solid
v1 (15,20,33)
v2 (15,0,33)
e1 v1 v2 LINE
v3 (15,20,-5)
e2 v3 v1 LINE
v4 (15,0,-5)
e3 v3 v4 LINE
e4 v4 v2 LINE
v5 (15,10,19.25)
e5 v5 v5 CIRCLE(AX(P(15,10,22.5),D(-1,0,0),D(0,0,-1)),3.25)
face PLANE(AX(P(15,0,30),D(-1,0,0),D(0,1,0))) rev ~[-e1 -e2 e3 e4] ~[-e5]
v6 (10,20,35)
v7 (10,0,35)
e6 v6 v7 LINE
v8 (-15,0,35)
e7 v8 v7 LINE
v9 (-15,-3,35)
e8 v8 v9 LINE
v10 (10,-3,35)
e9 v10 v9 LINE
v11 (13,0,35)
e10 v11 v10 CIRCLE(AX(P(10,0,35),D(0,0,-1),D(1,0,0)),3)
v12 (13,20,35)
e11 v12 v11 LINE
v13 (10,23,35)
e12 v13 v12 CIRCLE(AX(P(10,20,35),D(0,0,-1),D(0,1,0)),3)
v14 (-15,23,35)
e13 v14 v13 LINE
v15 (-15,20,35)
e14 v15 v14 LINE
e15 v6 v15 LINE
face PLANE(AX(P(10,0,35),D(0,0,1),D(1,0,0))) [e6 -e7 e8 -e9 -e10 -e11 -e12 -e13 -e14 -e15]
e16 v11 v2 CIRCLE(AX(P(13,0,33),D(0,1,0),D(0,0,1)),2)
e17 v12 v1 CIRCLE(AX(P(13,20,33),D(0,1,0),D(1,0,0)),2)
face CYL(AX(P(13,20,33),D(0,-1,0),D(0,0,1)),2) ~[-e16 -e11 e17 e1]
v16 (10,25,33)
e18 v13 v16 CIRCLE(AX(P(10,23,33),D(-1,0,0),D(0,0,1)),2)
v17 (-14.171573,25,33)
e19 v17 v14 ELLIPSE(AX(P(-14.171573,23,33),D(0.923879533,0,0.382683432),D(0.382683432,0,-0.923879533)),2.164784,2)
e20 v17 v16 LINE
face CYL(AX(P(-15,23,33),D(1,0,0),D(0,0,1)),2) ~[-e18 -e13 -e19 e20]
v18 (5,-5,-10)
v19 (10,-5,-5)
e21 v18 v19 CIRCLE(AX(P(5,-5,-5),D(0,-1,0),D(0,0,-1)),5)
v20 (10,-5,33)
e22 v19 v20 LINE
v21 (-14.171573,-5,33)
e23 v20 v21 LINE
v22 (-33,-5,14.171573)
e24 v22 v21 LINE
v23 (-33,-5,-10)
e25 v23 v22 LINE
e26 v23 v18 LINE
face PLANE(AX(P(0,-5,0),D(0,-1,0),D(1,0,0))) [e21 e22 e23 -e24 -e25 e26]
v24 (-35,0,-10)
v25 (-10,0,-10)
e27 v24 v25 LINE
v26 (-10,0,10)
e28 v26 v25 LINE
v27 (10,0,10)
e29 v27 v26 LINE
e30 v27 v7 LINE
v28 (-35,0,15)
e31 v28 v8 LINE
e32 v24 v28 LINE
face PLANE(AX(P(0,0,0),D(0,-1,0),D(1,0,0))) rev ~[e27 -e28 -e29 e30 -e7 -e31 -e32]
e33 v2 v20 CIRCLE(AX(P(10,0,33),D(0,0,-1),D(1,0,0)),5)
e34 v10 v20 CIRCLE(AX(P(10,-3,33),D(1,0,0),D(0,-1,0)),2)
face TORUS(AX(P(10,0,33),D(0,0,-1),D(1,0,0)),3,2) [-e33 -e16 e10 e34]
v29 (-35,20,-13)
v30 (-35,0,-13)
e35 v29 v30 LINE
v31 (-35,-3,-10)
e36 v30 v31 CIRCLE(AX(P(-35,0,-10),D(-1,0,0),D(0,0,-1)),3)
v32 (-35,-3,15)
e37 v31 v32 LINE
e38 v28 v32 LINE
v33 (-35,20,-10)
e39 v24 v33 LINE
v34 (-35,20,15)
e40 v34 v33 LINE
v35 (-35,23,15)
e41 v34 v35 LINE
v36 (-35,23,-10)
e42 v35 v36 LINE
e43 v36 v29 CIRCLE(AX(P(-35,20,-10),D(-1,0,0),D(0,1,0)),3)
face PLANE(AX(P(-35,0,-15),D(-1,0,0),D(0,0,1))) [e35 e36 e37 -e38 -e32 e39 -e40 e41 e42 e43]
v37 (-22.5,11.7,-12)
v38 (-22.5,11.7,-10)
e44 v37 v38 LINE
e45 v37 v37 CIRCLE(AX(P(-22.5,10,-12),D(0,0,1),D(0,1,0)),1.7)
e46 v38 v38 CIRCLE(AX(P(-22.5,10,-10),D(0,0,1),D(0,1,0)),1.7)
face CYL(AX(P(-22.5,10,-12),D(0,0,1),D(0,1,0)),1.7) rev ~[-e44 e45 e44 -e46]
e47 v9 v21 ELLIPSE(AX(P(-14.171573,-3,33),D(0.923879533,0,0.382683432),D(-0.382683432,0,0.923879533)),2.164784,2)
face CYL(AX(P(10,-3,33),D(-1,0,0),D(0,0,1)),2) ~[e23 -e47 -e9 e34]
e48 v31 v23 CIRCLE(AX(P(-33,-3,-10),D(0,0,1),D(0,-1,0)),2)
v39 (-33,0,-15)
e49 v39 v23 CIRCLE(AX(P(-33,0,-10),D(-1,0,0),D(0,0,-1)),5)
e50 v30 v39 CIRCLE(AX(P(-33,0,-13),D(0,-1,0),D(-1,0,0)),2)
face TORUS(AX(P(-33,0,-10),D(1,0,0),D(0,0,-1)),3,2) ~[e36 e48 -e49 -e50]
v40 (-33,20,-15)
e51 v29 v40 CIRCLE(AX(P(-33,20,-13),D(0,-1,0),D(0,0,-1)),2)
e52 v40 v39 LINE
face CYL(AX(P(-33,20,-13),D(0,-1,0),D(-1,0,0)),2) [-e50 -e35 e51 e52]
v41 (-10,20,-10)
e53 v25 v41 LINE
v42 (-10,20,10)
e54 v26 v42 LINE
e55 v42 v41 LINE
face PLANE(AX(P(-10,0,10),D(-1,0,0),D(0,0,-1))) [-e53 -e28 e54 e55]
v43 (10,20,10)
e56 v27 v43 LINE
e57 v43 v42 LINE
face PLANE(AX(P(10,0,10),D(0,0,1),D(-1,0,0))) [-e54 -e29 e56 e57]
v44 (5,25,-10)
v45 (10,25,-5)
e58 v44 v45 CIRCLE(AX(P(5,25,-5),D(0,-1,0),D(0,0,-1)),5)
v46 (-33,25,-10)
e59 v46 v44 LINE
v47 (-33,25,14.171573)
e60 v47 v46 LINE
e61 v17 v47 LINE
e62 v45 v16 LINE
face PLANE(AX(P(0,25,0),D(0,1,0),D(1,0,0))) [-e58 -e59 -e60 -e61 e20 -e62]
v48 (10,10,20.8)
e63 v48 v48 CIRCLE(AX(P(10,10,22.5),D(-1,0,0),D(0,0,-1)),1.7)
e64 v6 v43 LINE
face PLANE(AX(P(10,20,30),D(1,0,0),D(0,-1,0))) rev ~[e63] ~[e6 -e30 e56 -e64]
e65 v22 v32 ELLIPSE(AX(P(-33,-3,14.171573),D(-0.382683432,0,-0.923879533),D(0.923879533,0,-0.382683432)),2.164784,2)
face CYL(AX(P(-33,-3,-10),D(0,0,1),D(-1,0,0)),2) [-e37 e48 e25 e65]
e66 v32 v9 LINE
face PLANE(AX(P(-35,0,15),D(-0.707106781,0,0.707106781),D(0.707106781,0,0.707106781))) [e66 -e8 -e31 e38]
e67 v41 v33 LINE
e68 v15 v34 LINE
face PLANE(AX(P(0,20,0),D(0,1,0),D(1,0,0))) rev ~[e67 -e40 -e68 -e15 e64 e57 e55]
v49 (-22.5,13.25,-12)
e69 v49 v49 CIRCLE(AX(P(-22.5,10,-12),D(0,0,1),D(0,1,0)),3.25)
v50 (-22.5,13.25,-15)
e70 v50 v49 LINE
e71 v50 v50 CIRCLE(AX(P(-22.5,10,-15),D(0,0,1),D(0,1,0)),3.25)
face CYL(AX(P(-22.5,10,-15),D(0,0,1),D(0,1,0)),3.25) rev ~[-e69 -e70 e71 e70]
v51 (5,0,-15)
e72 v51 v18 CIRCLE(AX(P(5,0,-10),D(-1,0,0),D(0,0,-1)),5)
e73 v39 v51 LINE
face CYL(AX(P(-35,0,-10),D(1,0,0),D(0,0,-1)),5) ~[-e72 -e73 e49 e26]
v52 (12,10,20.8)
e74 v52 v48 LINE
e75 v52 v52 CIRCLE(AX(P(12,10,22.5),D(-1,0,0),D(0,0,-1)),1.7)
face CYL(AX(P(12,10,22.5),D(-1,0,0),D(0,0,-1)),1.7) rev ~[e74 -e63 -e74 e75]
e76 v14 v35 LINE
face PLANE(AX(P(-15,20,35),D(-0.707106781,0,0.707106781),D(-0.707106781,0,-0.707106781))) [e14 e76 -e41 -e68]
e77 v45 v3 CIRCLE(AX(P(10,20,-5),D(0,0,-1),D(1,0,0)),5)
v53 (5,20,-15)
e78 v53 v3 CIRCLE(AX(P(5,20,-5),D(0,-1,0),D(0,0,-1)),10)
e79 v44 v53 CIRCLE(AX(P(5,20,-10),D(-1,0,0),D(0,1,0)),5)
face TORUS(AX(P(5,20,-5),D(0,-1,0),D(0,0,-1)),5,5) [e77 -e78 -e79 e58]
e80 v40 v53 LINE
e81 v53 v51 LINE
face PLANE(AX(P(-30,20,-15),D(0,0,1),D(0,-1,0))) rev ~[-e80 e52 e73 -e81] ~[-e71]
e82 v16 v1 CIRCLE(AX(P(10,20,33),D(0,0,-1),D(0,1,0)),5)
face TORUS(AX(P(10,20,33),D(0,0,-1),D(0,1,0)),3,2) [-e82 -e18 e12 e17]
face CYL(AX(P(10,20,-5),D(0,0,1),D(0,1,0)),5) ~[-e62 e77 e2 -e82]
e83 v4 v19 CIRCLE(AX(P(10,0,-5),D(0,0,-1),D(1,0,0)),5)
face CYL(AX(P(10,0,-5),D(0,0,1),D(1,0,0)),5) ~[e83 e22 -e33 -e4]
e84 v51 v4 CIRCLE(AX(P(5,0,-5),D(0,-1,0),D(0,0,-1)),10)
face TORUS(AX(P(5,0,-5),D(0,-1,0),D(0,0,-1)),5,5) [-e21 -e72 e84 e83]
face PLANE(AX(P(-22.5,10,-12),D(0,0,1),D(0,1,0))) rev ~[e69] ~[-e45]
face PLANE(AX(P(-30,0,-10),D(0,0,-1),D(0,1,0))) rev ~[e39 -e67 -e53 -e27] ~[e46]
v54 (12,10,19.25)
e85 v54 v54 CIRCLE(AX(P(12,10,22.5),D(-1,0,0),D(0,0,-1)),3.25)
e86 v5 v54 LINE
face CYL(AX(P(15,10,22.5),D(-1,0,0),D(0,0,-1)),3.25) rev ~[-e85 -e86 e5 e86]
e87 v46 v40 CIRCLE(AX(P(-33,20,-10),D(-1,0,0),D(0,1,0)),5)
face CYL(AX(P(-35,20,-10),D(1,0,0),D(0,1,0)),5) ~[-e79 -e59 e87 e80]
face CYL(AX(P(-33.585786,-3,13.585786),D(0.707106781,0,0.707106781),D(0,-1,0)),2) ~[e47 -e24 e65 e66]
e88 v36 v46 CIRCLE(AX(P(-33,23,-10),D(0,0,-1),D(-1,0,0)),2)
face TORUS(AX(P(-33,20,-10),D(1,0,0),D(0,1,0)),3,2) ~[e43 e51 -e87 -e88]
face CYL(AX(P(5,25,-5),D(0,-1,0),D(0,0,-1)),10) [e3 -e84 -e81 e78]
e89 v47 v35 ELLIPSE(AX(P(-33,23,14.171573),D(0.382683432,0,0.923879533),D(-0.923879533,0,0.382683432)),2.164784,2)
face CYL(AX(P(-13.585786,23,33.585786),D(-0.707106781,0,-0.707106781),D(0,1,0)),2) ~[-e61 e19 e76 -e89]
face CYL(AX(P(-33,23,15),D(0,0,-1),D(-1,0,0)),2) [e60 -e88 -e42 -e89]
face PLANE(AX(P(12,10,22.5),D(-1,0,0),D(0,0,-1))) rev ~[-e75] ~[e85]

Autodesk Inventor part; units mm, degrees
ref_plane "YZ Plane" through (0, 0, 0) normal (1, 0, 0) x (0, 1, 0)
ref_plane "XZ Plane" through (0, 0, 0) normal (0, 1, 0) x (-1, 0, 0)
ref_plane "XY Plane" through (0, 0, 0) normal (0, 0, 1) x (1, 0, 0)
sketch "Sketch1" plane through (0, 0, 0) normal (0, 1, 0) x (-1, 0, 0)
  line L0 (-10, 10) -> (10, 10)
  line L1 (10, 10) -> (10, -10)
  line L2 (10, -10) -> (-10, -10)
  line L3 (-10, -10) -> (-10, 10)
  point P0 (0, 0)
  dimension "d0" = 20
  dimension "d1" = 20
  dimension "d2" = 10
  dimension "d3" = 10
extrude "Extrusion1" add sketch "Sketch1" along normal blind 20
sketch "Sketch2" plane through (0, 0, 0) normal (0, -1, 0) x (1, 0, 0)
  line L0 (15, -15) -> (-35, -15)
  line L1 (-35, -15) -> (-35, 15)
  line L2 (-35, 15) -> (-15, 35)
  line L3 (-15, 35) -> (15, 35)
  line L4 (15, 35) -> (15, -15)
  line L5 (10, -10) -> (-10, -10) projected
  line L6 (10, 10) -> (10, -10) projected
  point P0 (0, 0)
  dimension "d6" = 5
  dimension "d7" = 5
  dimension "d8" = 135
  dimension "d9" = 30
  dimension "d10" = 30
  dimension "d11" = 50
extrude "Extrusion2" add sketch "Sketch2" along normal blind 5
sketch "Sketch4" plane through (0, 0, 0) normal (0, 1, 0) x (1, 0, 0)
  point P0 (0, 0)
sketch "Sketch5" plane through (0, 0, 0) normal (0, 1, 0) x (1, 0, 0)
  point P0 (0, 0)
sketch "Sketch6" plane through (0, 0, 0) normal (0, 1, 0) x (1, 0, 0)
  line L0 (10, -30) -> (10, 10)
  line L1 (10, 10) -> (-30, 10)
  line L2 (-30, 10) -> (-30, 15)
  line L3 (-30, 15) -> (15, 15)
  line L4 (15, 15) -> (15, -30)
  line L5 (15, -30) -> (10, -30)
  line L6 (15, -35) -> (-15, -35) projected
  line L7 (-35, -15) -> (-35, 15) projected
  point P0 (0, 0)
  dimension "d18" = 5
  dimension "d21" = 5
extrude "Extrusion4" add sketch "Sketch6" along normal blind 20
sketch "Sketch7" plane through (0, 20, 0) normal (0, 1, 0) x (1, 0, 0)
  line L0 (-10, 10) -> (-30, 10) projected
  line L1 (-30, 10) -> (-30, 15) projected
  line L2 (-35, 15) -> (-30, 15) projected
  line L3 (-35, -15) -> (-35, 15) projected
  line L4 (-15, -35) -> (-35, -15) projected
  line L5 (15, -35) -> (-15, -35) projected
  line L6 (15, -30) -> (15, -35) projected
  line L7 (15, -30) -> (10, -30) projected
  line L8 (10, -30) -> (10, -10) projected
  line L9 (-10, -10) -> (10, -10) projected
  line L10 (-10, 10) -> (-10, -10) projected
  line L11 (-10, 10) -> (-10, -10) projected
  line L12 (-10, -10) -> (10, -10) projected
  line L13 (10, -10) -> (10, -30) projected
  line L14 (10, -30) -> (15, -30) projected
  line L15 (15, -30) -> (15, 15) projected
  line L16 (15, 15) -> (-30, 15) projected
  line L17 (-30, 15) -> (-30, 10) projected
  line L18 (-30, 10) -> (-10, 10) projected
  line L19 (15, -35) -> (-15, -35)
  line L20 (-15, -35) -> (-35, -15)
  line L21 (-35, -15) -> (-35, 15)
  line L22 (-35, 15) -> (15, 15)
  line L23 (15, 15) -> (15, -35)
  point P0 (0, 0)
extrude "Extrusion5" add sketch "Sketch7" along normal blind 5
sketch "Sketch8" plane through (10, 0, 30) normal (0, 0, 1) x (1, 0, 0)
  line L0 (5, 20) -> (0, 20)
  line L1 (0, 20) -> (0, 0)
  line L2 (0, 0) -> (5, 0)
  line L3 (5, 0) -> (5, 20)
  point P0 (-10, 0)
extrude "Extrusion6" add sketch "Sketch8" along normal blind 5
sketch "Sketch9" plane through (-30, 0, -15) normal (-1, 0, 0) x (0, 0, 1)
  line L0 (5, 20) -> (0, 20)
  line L1 (0, 20) -> (0, 0)
  line L2 (0, 0) -> (5, 0)
  line L3 (5, 0) -> (5, 20)
  point P0 (15, 0)
extrude "Extrusion7" add sketch "Sketch9" along normal blind 5
sketch "Sketch13" plane through (15, -5, -15) normal (0, 0, -1) x (-1, 0, 0)
  line L0 (25, 5) -> (25, 25) projected
  line L1 (50, 25) -> (25, 25) projected
  line L2 (50, 5) -> (50, 25) projected
  line L3 (25, 5) -> (50, 5) projected
  line L4 (37.5, 5) -> (50, 5) construction
  line L5 (50, 5) -> (50, 15) construction
  line L6 (50, 15) -> (37.5, 15) construction
  line L7 (37.5, 15) -> (37.5, 5) construction
  point P0 (15, 5)
  dimension "d32" = 12.5
  dimension "d33" = 10
sketch "Sketch14" plane through (15, -5, 35) normal (1, 0, 0) x (0, 0, -1)
  line L0 (25, 5) -> (25, 25) projected
  line L1 (0, 5) -> (25, 5) projected
  line L2 (0, 25) -> (0, 5) projected
  line L3 (25, 25) -> (0, 25) projected
  line L4 (12.5, 15) -> (0, 15) construction
  line L5 (0, 15) -> (0, 25) construction
  line L6 (0, 25) -> (12.5, 25) construction
  line L7 (12.5, 25) -> (12.5, 15) construction
  point P0 (35, 5)
  dimension "d34" = 12.5
  dimension "d35" = 10
hole "Hole1" at (15, 10, 22.5) direction (-1, 0, 0) diameter 3.4 end through all counterbore diameter 6.5 counterbore depth 3 clearance for "Socket Head Cap Screw ISO 4762" size "M3" standard "ISO"
hole "Hole2" at (-22.5, 10, -15) direction (0, 0, 1) diameter 3.4 end through all counterbore diameter 6.5 counterbore depth 3 clearance for "Socket Head Cap Screw ISO 4762" size "M3" standard "ISO"
fillet "Fillet1" radius 10 1 edges at (15, 10, -15)
fillet "Fillet2" radius 5 6 edges at (12.0711, -5, -12.0711) (15, -5, 15) (-15, -5, -15) (12.0711, 25, -12.0711) (15, 25, 15) (-15, 25, -15)
fillet "Fillet3" radius 2 12 edges at (-25, 25, 25) (13.5355, 23.5355, 35) (15, 10, 35) (13.5355, -3.5355, 35) (-2.5, -5, 35) (-2.5, 25, 35) (-25, -5, 25) (-35, -3.5355, -13.5355) (-35, 10, -15) (-35, 23.5355, -13.5355) (-35, 25, 2.5) (-35, -5, 2.5)
properties part number "flat_corner" material "ABS Plastic"
